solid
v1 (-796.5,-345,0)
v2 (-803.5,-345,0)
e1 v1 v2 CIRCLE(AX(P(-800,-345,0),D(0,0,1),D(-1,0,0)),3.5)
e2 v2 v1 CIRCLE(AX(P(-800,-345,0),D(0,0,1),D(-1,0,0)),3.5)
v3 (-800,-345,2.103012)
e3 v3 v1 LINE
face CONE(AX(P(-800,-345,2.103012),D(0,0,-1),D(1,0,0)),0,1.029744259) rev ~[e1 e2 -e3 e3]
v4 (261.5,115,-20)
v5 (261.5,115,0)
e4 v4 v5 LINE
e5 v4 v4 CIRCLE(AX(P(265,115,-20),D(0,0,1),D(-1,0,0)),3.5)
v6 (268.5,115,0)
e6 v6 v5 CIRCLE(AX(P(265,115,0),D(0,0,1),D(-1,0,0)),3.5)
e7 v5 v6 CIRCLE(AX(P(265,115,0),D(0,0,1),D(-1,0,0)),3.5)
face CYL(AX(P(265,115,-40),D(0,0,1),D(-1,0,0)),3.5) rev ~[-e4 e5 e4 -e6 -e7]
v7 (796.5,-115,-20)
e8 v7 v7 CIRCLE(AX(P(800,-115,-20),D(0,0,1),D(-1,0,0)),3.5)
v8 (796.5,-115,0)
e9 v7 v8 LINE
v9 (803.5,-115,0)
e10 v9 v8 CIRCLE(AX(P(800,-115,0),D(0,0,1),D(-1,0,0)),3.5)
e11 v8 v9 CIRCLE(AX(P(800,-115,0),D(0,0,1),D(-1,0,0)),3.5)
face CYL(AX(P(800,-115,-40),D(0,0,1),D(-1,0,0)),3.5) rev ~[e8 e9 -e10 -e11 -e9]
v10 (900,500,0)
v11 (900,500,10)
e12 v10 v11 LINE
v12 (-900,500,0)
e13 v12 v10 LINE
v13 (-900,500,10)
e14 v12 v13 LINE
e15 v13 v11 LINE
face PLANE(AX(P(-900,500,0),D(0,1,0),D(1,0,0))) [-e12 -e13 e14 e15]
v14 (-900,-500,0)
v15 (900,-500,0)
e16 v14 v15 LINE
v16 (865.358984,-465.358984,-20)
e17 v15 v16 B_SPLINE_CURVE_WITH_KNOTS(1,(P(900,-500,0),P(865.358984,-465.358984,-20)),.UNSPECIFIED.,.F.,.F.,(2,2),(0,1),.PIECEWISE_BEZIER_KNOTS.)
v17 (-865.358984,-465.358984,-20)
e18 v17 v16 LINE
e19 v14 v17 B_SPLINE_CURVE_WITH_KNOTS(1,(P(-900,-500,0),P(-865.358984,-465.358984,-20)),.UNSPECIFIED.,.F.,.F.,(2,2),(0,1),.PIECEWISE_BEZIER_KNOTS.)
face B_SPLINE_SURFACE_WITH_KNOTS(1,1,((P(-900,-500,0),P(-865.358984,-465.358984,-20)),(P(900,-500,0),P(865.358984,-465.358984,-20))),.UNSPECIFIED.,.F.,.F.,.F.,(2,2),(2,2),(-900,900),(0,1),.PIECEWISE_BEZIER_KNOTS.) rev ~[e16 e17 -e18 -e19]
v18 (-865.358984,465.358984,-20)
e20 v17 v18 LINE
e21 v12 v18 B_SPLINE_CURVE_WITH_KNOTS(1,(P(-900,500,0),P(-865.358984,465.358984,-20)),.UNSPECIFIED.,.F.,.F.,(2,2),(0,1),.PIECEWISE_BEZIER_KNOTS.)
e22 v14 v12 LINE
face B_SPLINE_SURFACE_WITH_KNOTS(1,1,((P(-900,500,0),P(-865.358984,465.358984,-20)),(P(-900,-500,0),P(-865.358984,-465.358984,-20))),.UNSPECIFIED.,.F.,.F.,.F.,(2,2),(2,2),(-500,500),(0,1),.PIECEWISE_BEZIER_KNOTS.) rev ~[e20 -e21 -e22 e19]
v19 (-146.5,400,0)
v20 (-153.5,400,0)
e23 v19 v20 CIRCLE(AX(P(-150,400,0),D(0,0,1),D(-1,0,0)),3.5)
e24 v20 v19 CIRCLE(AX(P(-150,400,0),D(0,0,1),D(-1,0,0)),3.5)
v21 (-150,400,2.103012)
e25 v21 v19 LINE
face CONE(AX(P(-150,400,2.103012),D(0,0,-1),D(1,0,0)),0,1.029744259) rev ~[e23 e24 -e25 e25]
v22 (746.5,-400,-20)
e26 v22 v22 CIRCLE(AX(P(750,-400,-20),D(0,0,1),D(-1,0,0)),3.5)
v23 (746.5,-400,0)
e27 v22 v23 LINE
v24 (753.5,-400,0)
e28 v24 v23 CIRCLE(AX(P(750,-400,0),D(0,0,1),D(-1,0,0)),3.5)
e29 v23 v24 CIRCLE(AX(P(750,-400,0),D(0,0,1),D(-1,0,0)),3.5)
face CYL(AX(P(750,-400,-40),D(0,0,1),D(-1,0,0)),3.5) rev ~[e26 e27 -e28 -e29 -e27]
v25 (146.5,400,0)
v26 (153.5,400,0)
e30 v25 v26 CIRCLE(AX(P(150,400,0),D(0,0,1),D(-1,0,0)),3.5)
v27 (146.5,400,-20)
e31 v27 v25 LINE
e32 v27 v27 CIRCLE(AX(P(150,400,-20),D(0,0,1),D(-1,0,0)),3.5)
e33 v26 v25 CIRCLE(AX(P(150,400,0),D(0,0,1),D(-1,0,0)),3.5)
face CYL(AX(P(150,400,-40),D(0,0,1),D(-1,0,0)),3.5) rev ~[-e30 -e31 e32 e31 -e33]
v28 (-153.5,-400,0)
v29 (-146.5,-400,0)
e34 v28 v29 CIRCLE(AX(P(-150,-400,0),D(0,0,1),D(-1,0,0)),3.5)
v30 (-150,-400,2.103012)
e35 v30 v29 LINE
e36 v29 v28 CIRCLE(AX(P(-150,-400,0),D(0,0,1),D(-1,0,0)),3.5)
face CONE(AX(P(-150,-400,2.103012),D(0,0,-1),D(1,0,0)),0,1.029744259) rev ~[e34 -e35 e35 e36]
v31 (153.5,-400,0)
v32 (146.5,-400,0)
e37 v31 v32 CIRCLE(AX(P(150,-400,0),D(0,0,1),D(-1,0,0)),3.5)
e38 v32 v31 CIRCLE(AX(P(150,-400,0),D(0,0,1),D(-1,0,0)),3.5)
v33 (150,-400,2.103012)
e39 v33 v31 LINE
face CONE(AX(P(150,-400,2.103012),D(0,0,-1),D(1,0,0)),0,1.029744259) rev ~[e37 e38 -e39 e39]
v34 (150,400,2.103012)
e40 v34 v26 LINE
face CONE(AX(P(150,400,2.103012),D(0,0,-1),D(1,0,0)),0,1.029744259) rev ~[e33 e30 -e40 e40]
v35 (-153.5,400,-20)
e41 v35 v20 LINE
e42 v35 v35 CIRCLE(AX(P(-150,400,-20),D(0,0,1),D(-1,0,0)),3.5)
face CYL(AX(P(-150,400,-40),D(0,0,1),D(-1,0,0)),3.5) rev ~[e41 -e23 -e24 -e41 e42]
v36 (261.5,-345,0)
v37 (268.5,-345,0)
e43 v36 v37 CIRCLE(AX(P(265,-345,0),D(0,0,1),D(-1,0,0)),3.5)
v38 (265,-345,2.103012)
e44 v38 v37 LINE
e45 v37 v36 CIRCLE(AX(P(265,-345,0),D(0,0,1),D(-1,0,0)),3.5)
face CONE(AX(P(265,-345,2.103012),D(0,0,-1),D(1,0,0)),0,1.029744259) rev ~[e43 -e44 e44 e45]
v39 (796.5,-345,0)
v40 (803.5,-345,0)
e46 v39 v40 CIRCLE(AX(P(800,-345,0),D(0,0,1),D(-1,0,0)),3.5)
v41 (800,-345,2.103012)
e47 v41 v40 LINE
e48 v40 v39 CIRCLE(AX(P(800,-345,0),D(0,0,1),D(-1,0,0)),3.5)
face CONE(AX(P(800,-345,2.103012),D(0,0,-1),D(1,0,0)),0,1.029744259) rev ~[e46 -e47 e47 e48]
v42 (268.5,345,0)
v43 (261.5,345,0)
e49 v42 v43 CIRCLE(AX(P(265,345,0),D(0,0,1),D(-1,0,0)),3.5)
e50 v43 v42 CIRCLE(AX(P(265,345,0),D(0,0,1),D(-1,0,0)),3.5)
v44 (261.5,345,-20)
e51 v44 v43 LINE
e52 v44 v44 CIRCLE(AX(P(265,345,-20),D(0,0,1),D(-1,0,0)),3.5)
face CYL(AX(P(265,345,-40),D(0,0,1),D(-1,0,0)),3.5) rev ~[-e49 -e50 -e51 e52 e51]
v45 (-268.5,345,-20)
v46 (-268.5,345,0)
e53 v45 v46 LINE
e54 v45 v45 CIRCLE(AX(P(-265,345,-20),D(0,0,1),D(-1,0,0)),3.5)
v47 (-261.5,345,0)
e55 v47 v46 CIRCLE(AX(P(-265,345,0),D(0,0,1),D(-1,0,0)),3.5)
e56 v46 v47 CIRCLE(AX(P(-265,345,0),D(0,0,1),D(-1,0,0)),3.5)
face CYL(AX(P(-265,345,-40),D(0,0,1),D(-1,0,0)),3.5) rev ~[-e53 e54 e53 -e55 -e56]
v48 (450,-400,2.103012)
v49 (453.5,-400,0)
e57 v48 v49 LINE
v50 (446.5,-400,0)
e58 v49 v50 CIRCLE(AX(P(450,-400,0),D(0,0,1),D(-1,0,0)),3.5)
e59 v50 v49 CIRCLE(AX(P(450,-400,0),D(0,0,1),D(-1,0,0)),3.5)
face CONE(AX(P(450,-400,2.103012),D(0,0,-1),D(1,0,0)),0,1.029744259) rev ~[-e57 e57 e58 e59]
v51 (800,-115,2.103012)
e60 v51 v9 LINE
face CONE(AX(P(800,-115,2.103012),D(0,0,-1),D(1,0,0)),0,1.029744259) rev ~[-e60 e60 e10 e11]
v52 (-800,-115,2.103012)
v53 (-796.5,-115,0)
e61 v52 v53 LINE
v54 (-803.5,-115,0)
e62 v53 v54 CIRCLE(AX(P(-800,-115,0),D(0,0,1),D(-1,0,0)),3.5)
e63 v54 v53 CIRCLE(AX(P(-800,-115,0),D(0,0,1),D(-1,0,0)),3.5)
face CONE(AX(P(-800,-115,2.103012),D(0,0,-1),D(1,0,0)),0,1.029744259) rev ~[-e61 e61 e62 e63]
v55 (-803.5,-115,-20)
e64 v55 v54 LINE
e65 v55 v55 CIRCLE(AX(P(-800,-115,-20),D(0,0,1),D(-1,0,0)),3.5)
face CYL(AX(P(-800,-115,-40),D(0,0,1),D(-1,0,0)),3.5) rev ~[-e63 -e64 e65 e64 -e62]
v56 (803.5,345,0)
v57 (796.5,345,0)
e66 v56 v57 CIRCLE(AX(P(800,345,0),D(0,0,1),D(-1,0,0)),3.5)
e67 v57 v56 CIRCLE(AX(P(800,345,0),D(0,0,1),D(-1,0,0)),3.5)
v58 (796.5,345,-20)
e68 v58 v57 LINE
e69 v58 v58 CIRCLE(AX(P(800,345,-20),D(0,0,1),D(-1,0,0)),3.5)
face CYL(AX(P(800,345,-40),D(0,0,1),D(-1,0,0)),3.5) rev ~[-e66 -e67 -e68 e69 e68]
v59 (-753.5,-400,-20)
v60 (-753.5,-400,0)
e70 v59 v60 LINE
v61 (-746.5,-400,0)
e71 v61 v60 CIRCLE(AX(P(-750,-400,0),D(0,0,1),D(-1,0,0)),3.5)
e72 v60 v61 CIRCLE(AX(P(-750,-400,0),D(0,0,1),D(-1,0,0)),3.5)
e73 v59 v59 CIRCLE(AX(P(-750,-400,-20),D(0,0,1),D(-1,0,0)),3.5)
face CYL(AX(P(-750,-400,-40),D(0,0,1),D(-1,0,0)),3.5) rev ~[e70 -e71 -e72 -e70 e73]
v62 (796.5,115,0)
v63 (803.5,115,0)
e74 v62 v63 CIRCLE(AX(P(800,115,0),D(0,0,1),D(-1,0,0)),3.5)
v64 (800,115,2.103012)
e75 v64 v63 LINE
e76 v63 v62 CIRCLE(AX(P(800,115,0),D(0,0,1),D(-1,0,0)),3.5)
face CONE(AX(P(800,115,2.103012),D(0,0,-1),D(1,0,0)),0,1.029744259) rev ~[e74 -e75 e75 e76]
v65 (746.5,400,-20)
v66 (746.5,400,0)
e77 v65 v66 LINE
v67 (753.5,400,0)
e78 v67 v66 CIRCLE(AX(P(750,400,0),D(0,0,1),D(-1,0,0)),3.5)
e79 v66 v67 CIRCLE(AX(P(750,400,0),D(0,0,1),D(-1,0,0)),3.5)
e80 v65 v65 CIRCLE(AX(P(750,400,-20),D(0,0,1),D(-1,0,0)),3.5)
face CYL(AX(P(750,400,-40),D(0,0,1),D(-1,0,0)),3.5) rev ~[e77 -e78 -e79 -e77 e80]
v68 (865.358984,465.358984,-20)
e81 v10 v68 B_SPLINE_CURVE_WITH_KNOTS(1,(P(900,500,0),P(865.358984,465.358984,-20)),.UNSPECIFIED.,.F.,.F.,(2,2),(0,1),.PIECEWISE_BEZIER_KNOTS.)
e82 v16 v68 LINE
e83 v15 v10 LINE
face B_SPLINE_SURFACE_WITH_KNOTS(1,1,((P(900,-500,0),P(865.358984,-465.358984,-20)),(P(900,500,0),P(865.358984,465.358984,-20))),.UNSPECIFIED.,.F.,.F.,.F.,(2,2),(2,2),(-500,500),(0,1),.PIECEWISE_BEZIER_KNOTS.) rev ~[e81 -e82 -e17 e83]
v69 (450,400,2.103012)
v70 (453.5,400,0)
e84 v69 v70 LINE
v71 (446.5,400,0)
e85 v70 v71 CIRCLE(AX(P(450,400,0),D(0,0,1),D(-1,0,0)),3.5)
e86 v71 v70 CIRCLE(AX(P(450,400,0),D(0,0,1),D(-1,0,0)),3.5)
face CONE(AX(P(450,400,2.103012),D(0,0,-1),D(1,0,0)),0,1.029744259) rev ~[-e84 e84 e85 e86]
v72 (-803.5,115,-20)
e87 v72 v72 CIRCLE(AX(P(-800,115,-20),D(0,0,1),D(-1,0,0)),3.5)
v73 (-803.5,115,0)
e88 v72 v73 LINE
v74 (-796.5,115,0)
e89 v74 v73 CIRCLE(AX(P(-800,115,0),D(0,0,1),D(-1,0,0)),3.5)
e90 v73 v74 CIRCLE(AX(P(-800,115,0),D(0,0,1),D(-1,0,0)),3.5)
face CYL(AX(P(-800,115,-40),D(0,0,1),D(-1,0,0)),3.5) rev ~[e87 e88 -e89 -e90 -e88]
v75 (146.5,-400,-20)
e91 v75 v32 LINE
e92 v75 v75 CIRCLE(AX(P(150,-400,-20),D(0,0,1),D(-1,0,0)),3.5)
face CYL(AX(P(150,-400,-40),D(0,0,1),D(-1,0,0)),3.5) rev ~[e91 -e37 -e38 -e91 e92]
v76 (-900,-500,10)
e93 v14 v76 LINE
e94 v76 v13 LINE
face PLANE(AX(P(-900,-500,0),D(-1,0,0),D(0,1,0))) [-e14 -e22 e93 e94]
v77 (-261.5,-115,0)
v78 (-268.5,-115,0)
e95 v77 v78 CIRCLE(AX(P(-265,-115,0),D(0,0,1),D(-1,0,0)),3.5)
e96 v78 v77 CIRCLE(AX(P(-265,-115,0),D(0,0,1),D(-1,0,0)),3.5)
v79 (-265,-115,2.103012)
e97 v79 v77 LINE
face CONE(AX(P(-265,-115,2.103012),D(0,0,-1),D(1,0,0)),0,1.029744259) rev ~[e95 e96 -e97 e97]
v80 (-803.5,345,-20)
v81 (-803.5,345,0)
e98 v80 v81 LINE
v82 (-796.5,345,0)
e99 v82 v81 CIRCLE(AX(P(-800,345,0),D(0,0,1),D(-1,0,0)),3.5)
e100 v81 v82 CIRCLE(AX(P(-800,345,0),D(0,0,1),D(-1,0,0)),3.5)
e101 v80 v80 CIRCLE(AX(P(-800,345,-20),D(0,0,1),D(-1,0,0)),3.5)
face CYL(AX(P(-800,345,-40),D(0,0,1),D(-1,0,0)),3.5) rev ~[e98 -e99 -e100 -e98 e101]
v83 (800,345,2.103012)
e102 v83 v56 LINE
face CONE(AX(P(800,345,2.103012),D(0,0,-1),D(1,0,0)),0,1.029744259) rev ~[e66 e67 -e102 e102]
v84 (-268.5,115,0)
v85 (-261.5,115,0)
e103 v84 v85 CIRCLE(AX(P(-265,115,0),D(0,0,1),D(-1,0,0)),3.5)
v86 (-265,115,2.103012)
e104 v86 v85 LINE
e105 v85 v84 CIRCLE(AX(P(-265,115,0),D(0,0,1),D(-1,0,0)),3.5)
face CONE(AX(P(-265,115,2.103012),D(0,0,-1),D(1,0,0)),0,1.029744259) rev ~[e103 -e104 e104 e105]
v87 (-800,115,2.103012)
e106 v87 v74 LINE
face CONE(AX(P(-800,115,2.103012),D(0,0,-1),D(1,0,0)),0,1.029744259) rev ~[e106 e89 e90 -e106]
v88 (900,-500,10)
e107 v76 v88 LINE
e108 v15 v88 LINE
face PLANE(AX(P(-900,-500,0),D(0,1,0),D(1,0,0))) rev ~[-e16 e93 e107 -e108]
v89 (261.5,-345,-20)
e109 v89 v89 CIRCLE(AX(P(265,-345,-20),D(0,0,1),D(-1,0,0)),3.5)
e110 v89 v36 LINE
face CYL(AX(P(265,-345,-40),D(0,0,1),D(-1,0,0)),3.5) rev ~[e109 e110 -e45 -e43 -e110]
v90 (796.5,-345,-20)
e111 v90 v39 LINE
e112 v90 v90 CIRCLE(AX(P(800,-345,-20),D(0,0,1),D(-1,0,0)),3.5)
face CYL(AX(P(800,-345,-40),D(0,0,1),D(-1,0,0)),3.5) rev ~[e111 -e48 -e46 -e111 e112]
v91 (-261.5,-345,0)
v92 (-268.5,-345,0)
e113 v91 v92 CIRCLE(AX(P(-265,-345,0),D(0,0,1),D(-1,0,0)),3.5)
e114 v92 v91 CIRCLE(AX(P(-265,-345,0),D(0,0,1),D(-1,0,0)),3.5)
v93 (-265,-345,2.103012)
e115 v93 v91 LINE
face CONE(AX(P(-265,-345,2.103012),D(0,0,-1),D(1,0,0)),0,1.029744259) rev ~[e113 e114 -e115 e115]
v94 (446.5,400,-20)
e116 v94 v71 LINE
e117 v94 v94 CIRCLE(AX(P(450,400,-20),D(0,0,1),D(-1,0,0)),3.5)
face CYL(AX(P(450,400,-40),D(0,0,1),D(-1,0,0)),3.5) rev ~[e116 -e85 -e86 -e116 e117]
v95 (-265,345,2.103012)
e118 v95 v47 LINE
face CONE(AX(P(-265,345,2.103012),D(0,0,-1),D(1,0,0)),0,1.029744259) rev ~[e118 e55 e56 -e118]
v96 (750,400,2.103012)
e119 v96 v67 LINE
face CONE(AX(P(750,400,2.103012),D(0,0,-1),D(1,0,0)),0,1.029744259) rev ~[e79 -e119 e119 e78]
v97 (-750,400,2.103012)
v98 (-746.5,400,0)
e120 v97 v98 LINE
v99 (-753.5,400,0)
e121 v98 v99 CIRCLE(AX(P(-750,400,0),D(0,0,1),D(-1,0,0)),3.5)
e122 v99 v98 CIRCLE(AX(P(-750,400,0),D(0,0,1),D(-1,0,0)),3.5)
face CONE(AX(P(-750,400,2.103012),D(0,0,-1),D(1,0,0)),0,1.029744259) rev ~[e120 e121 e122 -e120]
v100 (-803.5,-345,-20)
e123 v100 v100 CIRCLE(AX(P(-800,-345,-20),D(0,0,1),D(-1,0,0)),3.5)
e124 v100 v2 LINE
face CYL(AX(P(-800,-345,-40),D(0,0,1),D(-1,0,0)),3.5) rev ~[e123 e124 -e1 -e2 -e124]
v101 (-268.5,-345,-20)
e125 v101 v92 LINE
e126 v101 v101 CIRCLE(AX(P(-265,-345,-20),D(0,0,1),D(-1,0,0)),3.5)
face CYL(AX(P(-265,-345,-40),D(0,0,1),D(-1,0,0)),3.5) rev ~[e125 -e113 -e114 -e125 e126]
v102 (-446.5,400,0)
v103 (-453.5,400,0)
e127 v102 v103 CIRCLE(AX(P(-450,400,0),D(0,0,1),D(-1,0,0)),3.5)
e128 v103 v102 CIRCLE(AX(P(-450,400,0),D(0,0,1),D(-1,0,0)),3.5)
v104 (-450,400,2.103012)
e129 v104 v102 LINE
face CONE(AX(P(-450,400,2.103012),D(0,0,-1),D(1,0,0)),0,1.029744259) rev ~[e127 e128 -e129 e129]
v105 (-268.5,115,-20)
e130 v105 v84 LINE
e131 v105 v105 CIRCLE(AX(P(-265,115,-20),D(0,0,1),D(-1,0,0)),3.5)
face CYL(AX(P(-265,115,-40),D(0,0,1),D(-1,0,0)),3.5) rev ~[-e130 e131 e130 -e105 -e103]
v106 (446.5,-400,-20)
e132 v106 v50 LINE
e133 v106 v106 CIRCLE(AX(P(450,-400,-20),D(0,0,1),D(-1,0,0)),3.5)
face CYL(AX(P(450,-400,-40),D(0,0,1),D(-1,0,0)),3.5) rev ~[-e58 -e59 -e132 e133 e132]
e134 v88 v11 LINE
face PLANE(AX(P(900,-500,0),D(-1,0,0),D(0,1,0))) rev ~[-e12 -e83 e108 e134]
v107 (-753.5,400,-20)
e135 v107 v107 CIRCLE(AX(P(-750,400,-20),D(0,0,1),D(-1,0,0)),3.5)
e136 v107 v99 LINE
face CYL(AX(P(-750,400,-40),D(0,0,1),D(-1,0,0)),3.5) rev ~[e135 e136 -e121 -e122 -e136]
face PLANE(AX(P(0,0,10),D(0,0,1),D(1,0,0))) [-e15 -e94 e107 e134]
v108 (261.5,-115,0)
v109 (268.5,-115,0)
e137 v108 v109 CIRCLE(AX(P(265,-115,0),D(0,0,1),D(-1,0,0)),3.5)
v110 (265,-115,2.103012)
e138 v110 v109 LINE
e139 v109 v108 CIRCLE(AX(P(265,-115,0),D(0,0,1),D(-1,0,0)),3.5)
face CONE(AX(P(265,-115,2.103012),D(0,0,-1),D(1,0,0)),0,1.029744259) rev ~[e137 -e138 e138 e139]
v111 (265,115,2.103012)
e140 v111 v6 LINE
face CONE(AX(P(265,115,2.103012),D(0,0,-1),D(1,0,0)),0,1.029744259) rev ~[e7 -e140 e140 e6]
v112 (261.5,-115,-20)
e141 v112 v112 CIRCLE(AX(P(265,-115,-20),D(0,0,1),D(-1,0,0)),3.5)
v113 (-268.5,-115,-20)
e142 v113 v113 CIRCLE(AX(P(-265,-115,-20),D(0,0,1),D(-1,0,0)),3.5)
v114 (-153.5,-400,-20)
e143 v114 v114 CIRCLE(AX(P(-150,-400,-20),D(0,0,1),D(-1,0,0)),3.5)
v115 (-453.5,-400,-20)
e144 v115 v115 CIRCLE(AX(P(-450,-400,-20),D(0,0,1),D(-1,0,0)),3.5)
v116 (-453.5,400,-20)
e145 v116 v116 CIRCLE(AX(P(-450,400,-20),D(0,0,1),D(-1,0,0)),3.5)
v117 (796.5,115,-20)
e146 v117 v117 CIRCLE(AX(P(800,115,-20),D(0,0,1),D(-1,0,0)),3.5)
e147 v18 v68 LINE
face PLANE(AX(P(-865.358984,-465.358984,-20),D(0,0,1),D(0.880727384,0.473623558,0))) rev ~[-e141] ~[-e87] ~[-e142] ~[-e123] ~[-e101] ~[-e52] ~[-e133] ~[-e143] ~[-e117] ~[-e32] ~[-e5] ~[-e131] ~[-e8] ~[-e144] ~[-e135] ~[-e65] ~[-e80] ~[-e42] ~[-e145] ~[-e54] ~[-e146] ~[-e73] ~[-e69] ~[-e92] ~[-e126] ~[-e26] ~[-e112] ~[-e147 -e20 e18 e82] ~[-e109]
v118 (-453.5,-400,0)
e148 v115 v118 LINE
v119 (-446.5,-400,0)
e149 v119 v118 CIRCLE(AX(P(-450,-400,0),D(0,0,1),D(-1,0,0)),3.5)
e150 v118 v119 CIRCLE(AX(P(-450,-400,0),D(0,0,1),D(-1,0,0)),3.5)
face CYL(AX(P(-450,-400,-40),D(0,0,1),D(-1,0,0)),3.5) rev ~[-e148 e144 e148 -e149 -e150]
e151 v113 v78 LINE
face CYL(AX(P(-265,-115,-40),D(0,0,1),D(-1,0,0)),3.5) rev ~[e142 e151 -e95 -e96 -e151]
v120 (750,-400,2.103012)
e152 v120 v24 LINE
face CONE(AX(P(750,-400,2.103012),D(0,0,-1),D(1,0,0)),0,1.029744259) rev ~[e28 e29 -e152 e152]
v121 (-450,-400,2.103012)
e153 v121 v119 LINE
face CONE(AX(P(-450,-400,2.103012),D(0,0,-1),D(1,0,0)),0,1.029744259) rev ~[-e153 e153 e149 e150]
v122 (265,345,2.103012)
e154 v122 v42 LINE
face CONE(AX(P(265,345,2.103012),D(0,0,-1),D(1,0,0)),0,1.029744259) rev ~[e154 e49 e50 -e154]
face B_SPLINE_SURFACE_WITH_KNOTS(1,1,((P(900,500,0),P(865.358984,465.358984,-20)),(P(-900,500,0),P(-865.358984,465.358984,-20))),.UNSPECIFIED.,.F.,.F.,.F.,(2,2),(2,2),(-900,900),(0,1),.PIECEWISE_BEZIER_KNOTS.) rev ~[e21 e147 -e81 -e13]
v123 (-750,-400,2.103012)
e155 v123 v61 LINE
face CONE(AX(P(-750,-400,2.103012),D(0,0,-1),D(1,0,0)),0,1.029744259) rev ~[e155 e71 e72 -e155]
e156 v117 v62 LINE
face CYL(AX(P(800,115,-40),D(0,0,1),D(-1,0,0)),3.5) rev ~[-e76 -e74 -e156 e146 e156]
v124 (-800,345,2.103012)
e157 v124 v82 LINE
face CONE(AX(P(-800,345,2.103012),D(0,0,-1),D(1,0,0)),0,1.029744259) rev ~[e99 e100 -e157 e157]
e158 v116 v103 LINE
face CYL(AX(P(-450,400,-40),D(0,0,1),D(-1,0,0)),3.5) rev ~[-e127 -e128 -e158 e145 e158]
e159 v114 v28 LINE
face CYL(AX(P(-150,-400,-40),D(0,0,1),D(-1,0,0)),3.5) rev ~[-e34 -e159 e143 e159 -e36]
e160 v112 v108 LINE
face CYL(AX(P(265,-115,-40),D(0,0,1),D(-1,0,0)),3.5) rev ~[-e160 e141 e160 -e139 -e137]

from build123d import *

# Parameters (mm, degrees)
F0_W          = 1800
F0_H          = 1000
F1_DEPTH      = 10
F1_DEPTH_BACK = 20
F1_TAPER_BACK = 60
F3_D          = 7
F3_DEPTH      = 20
F3_TIP        = 2.1030121666


with BuildPart() as f1:
    # F0 (on Top) → F1 (new body, two sides)
    with BuildSketch(Plane.XY) as f1_sk:
        Rectangle(F0_W, F0_H)
    extrude(amount=F1_DEPTH)
    extrude(f1_sk.sketch, amount=-F1_DEPTH_BACK, taper=F1_TAPER_BACK)

    # F3
    with Locations(Plane(origin=(0, 0, -20), x_dir=(1, 0, 0), z_dir=(0, 0, -1))):
        with Locations((800, -345), (800, -115), (800, 115), (800, 345), (750, 400), (450, 400), (150, 400), (-150, 400), (-450, 400), (-750, 400), (450, -400), (150, -400), (-150, -400), (-150, -400), (-800, -345), (-800, -115), (-800, 115), (-450, -400), (-750, -400), (750, -400), (-800, 345), (-265, 345), (-265, 115), (-265, -115), (-265, -345), (265, -345), (265, -345), (265, -115), (265, 345), (265, 115)):
            Hole(F3_D / 2, depth=F3_DEPTH)
            with Locations((0, 0, -(F3_DEPTH + F3_TIP / 2))):  # 118° drill point
                Cone(0, F3_D / 2, F3_TIP, mode=Mode.SUBTRACT)


solid = f1.part
